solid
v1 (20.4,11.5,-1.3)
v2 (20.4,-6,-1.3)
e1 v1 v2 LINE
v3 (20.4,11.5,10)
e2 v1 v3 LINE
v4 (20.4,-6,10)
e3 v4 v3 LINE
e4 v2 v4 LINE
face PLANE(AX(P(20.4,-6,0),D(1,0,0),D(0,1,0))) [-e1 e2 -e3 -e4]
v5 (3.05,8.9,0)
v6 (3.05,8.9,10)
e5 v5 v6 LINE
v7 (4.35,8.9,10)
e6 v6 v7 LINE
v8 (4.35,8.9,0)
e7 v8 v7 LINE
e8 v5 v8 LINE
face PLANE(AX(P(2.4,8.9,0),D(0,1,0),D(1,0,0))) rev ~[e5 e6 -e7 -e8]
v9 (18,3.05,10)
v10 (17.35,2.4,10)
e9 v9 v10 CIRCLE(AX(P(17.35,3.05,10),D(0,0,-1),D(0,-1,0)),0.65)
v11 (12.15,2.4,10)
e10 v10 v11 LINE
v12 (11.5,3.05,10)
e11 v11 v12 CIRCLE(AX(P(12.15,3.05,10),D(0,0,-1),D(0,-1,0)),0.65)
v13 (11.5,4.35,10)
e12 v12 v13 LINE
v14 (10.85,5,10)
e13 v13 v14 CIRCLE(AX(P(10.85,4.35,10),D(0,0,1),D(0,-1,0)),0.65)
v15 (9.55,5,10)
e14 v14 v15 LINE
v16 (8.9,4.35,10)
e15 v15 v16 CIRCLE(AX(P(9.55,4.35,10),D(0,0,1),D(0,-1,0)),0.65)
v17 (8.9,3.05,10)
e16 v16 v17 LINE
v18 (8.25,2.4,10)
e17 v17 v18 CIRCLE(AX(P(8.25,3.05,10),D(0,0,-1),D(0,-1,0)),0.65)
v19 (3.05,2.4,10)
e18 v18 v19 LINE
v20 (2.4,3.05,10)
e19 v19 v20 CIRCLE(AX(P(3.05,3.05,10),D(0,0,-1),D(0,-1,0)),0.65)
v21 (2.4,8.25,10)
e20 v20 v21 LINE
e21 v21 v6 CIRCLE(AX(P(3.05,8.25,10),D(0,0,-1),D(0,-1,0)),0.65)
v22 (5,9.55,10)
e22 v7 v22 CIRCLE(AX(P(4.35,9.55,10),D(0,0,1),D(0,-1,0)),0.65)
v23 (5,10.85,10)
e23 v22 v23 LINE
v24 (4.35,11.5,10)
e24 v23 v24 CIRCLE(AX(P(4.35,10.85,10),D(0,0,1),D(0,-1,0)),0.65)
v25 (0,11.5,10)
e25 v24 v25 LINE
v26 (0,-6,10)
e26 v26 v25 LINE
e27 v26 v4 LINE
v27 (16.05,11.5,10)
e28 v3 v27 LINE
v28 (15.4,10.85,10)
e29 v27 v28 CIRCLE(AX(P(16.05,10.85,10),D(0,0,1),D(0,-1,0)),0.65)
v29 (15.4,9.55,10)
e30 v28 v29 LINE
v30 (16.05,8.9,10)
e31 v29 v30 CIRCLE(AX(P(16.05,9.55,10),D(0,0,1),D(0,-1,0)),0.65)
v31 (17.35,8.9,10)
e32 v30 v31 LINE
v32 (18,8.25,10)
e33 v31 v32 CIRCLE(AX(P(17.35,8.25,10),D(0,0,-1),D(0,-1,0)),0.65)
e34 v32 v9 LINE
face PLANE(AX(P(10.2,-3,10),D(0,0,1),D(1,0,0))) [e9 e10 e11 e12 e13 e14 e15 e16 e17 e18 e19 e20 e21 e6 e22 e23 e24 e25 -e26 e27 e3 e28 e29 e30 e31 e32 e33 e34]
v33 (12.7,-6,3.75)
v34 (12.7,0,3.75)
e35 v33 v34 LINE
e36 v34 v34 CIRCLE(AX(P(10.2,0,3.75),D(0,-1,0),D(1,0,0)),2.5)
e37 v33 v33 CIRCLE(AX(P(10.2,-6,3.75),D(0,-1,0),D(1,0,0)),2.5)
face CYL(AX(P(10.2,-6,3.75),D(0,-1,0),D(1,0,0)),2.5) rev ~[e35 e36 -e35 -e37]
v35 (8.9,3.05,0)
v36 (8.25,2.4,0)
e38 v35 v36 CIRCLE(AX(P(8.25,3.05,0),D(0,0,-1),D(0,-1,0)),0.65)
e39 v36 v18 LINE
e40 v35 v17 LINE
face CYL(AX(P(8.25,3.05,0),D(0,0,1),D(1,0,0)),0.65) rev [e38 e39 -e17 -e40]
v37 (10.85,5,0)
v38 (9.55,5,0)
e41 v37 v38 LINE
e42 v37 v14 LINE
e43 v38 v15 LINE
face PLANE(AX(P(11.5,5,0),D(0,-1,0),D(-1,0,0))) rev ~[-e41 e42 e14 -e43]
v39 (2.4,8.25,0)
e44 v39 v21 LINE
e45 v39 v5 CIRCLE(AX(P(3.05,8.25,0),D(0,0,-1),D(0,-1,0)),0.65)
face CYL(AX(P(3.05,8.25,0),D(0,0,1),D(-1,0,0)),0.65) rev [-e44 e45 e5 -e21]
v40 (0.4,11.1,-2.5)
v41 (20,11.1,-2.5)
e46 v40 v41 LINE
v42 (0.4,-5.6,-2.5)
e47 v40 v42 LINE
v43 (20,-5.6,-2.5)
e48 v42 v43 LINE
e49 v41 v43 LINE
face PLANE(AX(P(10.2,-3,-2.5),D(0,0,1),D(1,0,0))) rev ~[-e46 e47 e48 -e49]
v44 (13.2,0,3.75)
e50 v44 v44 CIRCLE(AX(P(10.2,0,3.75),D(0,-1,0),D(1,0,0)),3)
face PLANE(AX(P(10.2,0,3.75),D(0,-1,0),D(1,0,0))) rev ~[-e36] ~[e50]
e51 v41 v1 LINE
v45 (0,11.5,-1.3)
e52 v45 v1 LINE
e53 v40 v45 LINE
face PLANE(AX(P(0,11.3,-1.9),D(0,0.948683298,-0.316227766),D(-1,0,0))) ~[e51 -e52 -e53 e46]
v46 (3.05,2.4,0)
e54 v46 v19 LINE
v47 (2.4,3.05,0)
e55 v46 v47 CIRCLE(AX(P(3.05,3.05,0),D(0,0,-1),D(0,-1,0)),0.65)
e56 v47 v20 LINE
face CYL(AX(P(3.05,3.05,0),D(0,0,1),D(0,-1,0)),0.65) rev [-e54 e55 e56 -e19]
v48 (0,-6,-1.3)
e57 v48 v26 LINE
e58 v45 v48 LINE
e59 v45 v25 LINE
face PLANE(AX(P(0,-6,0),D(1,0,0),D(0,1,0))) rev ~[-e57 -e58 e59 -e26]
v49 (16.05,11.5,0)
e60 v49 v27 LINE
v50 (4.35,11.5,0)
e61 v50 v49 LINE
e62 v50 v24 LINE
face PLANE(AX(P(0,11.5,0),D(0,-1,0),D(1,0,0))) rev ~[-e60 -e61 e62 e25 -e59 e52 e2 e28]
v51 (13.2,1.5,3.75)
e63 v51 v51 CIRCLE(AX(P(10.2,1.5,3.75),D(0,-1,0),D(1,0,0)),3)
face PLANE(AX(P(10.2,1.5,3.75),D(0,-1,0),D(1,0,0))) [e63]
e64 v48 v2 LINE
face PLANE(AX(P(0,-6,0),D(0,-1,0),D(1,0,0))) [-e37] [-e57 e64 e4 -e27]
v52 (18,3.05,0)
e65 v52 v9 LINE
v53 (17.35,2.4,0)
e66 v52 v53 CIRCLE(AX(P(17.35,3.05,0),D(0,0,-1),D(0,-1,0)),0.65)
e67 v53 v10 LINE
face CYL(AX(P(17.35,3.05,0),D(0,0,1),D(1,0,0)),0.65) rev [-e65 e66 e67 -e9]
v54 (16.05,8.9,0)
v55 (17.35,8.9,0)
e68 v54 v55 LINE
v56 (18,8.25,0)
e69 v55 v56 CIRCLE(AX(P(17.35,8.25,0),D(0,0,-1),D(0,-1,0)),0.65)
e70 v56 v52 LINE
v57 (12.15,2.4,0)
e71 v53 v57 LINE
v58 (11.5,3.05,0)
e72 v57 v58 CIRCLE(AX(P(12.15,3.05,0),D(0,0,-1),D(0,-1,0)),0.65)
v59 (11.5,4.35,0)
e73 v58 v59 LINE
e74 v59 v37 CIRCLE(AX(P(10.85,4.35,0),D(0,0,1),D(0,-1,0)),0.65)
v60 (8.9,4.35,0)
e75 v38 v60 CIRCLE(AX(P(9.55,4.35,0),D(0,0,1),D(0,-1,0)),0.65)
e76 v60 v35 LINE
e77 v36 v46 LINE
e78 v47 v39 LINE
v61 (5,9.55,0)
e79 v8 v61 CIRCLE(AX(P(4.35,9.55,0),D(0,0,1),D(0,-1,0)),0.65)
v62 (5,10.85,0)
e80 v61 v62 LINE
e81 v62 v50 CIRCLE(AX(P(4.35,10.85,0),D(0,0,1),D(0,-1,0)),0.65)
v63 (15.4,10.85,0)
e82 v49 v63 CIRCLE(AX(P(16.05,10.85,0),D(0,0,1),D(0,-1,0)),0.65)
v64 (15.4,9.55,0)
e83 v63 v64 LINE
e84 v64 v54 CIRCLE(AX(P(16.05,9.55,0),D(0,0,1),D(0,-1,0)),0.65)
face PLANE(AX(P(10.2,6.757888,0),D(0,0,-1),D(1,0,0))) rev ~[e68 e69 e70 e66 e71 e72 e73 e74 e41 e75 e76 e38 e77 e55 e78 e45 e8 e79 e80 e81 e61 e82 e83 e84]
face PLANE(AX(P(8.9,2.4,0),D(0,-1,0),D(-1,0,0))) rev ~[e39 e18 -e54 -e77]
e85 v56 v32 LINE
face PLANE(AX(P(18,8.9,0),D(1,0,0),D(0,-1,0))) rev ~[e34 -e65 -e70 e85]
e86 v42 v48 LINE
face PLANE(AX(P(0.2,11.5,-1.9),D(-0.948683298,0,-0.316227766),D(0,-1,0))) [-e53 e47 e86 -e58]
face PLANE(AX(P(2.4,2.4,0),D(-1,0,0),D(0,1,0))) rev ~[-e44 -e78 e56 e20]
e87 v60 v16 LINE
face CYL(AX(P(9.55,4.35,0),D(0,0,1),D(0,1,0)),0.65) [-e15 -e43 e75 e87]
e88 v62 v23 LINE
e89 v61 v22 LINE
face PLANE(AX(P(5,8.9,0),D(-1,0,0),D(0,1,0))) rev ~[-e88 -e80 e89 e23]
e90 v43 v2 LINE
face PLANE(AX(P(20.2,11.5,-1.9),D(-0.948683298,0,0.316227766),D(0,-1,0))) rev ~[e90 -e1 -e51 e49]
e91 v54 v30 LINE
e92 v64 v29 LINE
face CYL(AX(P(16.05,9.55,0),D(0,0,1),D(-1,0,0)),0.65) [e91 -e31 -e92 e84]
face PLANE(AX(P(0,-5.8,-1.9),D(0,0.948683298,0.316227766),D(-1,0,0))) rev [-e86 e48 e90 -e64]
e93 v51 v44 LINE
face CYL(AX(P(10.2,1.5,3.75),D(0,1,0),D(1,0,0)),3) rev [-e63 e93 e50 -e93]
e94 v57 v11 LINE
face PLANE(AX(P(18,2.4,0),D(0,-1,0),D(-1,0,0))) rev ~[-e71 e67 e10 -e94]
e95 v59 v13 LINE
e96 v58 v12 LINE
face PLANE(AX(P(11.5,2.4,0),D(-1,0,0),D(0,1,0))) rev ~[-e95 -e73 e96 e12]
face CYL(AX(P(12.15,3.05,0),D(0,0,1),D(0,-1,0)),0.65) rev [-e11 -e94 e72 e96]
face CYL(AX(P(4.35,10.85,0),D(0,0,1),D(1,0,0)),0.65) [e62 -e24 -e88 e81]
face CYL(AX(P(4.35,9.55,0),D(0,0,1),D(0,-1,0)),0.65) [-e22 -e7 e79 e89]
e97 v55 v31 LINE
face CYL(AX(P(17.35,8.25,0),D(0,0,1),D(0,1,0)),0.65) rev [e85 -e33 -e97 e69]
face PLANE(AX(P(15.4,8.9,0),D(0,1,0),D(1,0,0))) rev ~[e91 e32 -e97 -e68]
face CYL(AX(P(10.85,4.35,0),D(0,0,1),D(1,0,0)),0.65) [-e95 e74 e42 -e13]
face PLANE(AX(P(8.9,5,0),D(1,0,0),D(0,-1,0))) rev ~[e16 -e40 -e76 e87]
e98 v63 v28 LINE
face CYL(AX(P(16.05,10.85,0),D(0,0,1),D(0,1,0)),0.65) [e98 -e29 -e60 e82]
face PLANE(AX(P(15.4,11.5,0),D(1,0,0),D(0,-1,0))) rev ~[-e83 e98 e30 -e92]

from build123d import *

# Parameters (mm, degrees)
F1_DEPTH  = 10
F2_R      = 0.65
F4_DEPTH  = 2.5
F5_W      = 20.4
F5_H      = 6
F6_DEPTH  = 10
F7_DEPTH  = 2.5
F8_R      = 2.5
F9_DEPTH  = 7.5
F10_R     = 3
F10_R_2   = 2.5
F11_DEPTH = 1.5
F12_SIZE2 = 1.2
F12_SIZE  = 0.4


with BuildPart() as f1:
    # F0 (on Top) → F1 (new body)
    with BuildSketch(Plane.XY):
        Polygon((0, 11.5), (0, 0), (20.4, 0), (20.4, 11.5), (15.4, 11.5), (15.4, 8.9), (18, 8.9), (18, 2.4), (11.5, 2.4), (11.5, 5), (8.9, 5), (8.9, 2.4), (2.4, 2.4), (2.4, 8.9), (5, 8.9), (5, 11.5), align=None)
    extrude(amount=F1_DEPTH)

    # F2
    f2_edges = [f1.edges().sort_by_distance(p)[0] for p in [
        (2.4, 8.9, 5),
        (2.4, 2.4, 5),
        (11.5, 2.4, 5),
        (8.9, 2.4, 5),
        (18, 2.4, 5),
        (18, 8.9, 5),
        (15.4, 8.9, 5),
        (15.4, 11.5, 5),
        (5, 8.9, 5),
        (5, 11.5, 5),
        (11.5, 5, 5),
        (8.9, 5, 5),
    ]]
    fillet(f2_edges, radius=F2_R)

    # F3 (on face) → F4 (join)
    with BuildSketch(Plane(origin=(0, 0, 0), x_dir=(1, 0, 0), z_dir=(0, 0, -1))):
        with BuildLine():
            ThreePointArc((5, -10.85), (4.8096194078, -11.3096194078), (4.35, -11.5))
            Line((4.35, -11.5), (16.05, -11.5))
            ThreePointArc((16.05, -11.5), (15.5903805922, -11.3096194078), (15.4, -10.85))
            Line((15.4, -10.85), (15.4, -9.55))
            ThreePointArc((15.4, -9.55), (15.5903805922, -9.0903805922), (16.05, -8.9))
            Line((16.05, -8.9), (17.35, -8.9))
            ThreePointArc((17.35, -8.9), (17.8096194078, -8.7096194078), (18, -8.25))
            Line((18, -8.25), (18, -3.05))
            ThreePointArc((18, -3.05), (17.8096194078, -2.5903805922), (17.35, -2.4))
            Line((17.35, -2.4), (12.15, -2.4))
            ThreePointArc((12.15, -2.4), (11.6903805922, -2.5903805922), (11.5, -3.05))
            Line((11.5, -3.05), (11.5, -4.35))
            ThreePointArc((11.5, -4.35), (11.3096194078, -4.8096194078), (10.85, -5))
            Line((10.85, -5), (9.55, -5))
            ThreePointArc((9.55, -5), (9.0903805922, -4.8096194078), (8.9, -4.35))
            Line((8.9, -4.35), (8.9, -3.05))
            ThreePointArc((8.9, -3.05), (8.7096194078, -2.5903805922), (8.25, -2.4))
            Line((8.25, -2.4), (3.05, -2.4))
            ThreePointArc((3.05, -2.4), (2.5903805922, -2.5903805922), (2.4, -3.05))
            Line((2.4, -3.05), (2.4, -8.25))
            ThreePointArc((2.4, -8.25), (2.5903805922, -8.7096194078), (3.05, -8.9))
            Line((3.05, -8.9), (4.35, -8.9))
            ThreePointArc((4.35, -8.9), (4.8096194078, -9.0903805922), (5, -9.55))
            Line((5, -9.55), (5, -10.85))
        make_face()
        with BuildLine():
            Line((20.4, 0), (0, 0))
            Line((0, 0), (0, -11.5))
            Line((0, -11.5), (4.35, -11.5))
            ThreePointArc((4.35, -11.5), (4.8096194078, -11.3096194078), (5, -10.85))
            Line((5, -10.85), (5, -9.55))
            ThreePointArc((5, -9.55), (4.8096194078, -9.0903805922), (4.35, -8.9))
            Line((4.35, -8.9), (3.05, -8.9))
            ThreePointArc((3.05, -8.9), (2.5903805922, -8.7096194078), (2.4, -8.25))
            Line((2.4, -8.25), (2.4, -3.05))
            ThreePointArc((2.4, -3.05), (2.5903805922, -2.5903805922), (3.05, -2.4))
            Line((3.05, -2.4), (8.25, -2.4))
            ThreePointArc((8.25, -2.4), (8.7096194078, -2.5903805922), (8.9, -3.05))
            Line((8.9, -3.05), (8.9, -4.35))
            ThreePointArc((8.9, -4.35), (9.0903805922, -4.8096194078), (9.55, -5))
            Line((9.55, -5), (10.85, -5))
            ThreePointArc((10.85, -5), (11.3096194078, -4.8096194078), (11.5, -4.35))
            Line((11.5, -4.35), (11.5, -3.05))
            ThreePointArc((11.5, -3.05), (11.6903805922, -2.5903805922), (12.15, -2.4))
            Line((12.15, -2.4), (17.35, -2.4))
            ThreePointArc((17.35, -2.4), (17.8096194078, -2.5903805922), (18, -3.05))
            Line((18, -3.05), (18, -8.25))
            ThreePointArc((18, -8.25), (17.8096194078, -8.7096194078), (17.35, -8.9))
            Line((17.35, -8.9), (16.05, -8.9))
            ThreePointArc((16.05, -8.9), (15.5903805922, -9.0903805922), (15.4, -9.55))
            Line((15.4, -9.55), (15.4, -10.85))
            ThreePointArc((15.4, -10.85), (15.5903805922, -11.3096194078), (16.05, -11.5))
            Line((16.05, -11.5), (20.4, -11.5))
            Line((20.4, -11.5), (20.4, 0))
        make_face()
    extrude(amount=F4_DEPTH)

    # F5 (on Top) → F6 (join, through all)
    with BuildSketch(Plane.XY):
        with Locations((10.2, -3)):
            Rectangle(F5_W, F5_H)
    extrude(amount=F6_DEPTH)

    # F7 (add, through all): a face of the model
    f7_faces = [f1.faces().sort_by_distance(p)[0] for p in [
        (10.2, -3, 0),
    ]]
    extrude(f7_faces, amount=F7_DEPTH)

    # F8 (on face) → F9 (cut)
    with BuildSketch(Plane.XZ.offset(6)):
        with Locations((10.2, 3.75)):
            Circle(F8_R)
    extrude(amount=-F9_DEPTH, mode=Mode.SUBTRACT)

    # F10 (on face) → F11 (cut)
    with BuildSketch(Plane.XZ.offset(-1.5)):
        with Locations((10.2, 3.75)):
            Circle(F10_R)
        with Locations((10.2, 3.75)):
            Circle(F10_R_2, mode=Mode.SUBTRACT)
    extrude(amount=F11_DEPTH, mode=Mode.SUBTRACT)

    # F12
    f12_edges = [f1.edges().sort_by_distance(p)[0] for p in [
        (20.4, 2.75, -2.5),
        (10.2, -6, -2.5),
        (0, 2.75, -2.5),
        (10.2, 11.5, -2.5),
    ]]
    f12_side = f1.faces().sort_by_distance((10.2, 2.75, -2.5))[0]
    chamfer(f12_edges, length=F12_SIZE, length2=F12_SIZE2, reference=f12_side)


solid = f1.part
